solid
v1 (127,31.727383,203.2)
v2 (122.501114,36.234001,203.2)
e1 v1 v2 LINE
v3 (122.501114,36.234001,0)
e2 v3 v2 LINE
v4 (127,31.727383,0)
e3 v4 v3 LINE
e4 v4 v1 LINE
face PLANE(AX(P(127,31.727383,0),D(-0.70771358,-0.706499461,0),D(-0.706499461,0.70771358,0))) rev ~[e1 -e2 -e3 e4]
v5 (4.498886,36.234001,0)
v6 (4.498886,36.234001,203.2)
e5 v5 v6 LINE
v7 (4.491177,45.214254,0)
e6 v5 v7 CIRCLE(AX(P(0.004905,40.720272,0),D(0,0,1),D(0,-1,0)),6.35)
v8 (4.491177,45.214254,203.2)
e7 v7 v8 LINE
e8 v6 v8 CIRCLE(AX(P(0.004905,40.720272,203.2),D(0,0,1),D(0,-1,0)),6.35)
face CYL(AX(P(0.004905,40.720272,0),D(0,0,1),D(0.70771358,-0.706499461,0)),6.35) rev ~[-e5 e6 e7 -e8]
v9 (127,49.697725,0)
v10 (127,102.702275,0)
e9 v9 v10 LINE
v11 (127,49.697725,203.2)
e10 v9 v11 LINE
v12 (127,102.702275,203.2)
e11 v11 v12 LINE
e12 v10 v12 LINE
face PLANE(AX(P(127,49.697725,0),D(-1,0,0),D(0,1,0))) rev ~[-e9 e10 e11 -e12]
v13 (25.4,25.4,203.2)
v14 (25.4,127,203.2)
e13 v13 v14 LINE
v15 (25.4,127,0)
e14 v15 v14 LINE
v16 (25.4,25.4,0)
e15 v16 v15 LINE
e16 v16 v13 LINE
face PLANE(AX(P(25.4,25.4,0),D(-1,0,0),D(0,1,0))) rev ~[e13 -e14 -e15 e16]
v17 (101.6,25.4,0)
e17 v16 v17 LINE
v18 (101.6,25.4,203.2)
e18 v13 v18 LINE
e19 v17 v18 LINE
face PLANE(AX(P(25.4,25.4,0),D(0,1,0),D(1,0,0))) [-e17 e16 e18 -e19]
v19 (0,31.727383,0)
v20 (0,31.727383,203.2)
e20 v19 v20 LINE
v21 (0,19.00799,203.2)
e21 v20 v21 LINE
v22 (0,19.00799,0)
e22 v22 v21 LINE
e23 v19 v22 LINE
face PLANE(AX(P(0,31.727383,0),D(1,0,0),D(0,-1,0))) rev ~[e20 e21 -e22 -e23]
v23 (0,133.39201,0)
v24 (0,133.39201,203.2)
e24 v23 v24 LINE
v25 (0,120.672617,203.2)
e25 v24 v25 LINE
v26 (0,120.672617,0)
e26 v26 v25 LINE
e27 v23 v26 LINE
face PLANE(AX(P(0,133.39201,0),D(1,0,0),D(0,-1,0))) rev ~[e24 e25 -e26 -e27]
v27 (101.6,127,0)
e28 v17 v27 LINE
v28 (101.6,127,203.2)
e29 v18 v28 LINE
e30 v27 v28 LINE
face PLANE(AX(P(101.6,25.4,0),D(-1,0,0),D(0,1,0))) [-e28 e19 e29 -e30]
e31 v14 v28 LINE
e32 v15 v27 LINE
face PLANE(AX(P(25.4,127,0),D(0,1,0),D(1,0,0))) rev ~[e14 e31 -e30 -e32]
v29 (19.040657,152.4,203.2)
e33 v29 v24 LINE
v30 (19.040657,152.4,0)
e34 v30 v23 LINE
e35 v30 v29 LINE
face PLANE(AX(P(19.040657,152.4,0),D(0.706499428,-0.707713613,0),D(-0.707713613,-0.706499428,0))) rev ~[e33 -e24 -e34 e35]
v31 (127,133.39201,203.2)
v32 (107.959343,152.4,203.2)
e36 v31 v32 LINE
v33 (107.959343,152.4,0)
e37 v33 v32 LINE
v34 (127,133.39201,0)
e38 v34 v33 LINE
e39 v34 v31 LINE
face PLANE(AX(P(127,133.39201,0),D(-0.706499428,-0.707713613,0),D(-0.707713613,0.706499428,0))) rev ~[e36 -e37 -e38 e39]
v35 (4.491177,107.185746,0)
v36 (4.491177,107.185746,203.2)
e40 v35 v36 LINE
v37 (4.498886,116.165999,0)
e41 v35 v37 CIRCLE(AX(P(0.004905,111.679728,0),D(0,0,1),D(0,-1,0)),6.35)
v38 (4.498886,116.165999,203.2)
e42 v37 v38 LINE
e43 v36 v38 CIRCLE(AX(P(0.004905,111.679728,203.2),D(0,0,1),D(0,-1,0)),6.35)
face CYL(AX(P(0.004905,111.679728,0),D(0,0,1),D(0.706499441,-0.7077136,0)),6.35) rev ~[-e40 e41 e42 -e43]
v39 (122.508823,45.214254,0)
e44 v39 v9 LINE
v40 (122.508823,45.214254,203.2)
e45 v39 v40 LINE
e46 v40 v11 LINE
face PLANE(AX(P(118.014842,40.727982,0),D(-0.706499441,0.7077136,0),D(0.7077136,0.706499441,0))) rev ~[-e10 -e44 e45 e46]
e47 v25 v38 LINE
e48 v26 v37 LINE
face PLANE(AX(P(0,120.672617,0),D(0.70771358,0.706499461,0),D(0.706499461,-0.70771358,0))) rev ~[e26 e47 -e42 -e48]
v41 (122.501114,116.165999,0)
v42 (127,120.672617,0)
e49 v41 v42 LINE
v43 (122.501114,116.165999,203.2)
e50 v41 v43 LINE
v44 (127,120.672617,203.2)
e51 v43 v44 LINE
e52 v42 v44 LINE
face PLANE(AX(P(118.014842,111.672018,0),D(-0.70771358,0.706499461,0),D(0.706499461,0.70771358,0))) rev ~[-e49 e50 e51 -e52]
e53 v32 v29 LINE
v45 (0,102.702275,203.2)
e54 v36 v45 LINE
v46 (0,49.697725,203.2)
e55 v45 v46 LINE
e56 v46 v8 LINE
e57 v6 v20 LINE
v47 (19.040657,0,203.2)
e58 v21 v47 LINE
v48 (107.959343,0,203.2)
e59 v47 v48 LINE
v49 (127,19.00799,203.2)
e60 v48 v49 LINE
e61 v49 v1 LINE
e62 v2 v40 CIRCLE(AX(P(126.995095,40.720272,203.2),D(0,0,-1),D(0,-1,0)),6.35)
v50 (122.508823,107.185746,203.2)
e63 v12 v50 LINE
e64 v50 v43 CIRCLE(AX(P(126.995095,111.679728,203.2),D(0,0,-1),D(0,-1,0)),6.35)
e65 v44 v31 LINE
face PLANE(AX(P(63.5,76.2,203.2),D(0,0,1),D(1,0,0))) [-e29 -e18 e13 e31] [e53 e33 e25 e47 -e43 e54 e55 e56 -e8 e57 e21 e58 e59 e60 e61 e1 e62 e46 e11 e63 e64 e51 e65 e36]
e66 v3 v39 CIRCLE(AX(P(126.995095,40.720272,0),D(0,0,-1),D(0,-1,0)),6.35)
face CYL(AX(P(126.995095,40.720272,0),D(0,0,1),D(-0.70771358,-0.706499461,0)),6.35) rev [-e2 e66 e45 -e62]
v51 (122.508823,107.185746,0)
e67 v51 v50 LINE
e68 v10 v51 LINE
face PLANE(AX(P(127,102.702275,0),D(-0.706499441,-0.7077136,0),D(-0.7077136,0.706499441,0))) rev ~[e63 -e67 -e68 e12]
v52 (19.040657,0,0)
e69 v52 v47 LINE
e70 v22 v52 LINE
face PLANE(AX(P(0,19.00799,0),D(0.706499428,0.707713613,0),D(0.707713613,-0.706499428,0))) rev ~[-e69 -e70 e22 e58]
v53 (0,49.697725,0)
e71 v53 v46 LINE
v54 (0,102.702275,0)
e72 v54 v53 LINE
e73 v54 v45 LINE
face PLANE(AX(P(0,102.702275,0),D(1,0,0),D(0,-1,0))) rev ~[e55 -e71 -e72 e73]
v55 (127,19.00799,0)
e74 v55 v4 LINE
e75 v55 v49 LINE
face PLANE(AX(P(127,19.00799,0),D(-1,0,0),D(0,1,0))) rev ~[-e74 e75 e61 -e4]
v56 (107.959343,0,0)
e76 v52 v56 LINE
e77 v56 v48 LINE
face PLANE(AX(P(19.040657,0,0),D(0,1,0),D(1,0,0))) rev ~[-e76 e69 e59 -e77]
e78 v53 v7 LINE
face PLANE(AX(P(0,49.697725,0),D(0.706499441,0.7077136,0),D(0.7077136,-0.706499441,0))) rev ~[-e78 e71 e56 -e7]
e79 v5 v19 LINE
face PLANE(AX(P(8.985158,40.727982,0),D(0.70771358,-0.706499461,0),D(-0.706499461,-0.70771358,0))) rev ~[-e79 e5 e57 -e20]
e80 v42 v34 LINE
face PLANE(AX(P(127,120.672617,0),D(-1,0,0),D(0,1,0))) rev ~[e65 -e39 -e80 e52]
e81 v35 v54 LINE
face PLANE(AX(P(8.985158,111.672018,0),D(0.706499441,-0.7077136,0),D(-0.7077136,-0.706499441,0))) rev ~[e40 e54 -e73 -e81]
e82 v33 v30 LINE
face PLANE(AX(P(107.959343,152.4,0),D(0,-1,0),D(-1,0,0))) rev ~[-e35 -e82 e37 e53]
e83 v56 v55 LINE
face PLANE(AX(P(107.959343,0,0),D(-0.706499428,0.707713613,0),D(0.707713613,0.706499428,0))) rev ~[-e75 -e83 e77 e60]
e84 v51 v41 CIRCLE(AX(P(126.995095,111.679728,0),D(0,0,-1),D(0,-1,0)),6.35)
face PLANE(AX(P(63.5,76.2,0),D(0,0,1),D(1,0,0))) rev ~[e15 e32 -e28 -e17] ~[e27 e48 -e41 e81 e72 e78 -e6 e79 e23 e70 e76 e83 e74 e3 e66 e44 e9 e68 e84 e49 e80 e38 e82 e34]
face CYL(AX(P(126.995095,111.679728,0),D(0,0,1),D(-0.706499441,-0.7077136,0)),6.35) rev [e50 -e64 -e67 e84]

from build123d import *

# Parameters (mm, degrees)
F0_W     = 76.2
F0_H     = 101.6
F1_DEPTH = 203.2
F2_R     = 6.35


with BuildPart() as f1:
    # F0 (on Top) → F1 (new body)
    with BuildSketch(Plane.XY):
        Polygon((0, 19.00799), (19.040657, 0), (107.959343, 0), (127, 19.00799), (127, 31.727383), (118.014842, 40.727982), (127, 49.697725), (127, 102.702275), (118.014842, 111.672018), (127, 120.672617), (127, 133.39201), (107.959343, 152.4), (19.040657, 152.4), (0, 133.39201), (0, 120.672617), (8.985158, 111.672018), (0, 102.702275), (0, 49.697725), (8.985158, 40.727982), (0, 31.727383), align=None)
        with Locations((63.5, 76.2)):
            Rectangle(F0_W, F0_H, mode=Mode.SUBTRACT)
    extrude(amount=F1_DEPTH)

    # F2
    f2_edges = [f1.edges().sort_by_distance(p)[0] for p in [
        (118.014842, 111.672018, 101.6),
        (8.985158, 111.672018, 101.6),
        (8.985158, 40.727982, 101.6),
        (118.014842, 40.727982, 101.6),
    ]]
    fillet(f2_edges, radius=F2_R)


solid = f1.part
